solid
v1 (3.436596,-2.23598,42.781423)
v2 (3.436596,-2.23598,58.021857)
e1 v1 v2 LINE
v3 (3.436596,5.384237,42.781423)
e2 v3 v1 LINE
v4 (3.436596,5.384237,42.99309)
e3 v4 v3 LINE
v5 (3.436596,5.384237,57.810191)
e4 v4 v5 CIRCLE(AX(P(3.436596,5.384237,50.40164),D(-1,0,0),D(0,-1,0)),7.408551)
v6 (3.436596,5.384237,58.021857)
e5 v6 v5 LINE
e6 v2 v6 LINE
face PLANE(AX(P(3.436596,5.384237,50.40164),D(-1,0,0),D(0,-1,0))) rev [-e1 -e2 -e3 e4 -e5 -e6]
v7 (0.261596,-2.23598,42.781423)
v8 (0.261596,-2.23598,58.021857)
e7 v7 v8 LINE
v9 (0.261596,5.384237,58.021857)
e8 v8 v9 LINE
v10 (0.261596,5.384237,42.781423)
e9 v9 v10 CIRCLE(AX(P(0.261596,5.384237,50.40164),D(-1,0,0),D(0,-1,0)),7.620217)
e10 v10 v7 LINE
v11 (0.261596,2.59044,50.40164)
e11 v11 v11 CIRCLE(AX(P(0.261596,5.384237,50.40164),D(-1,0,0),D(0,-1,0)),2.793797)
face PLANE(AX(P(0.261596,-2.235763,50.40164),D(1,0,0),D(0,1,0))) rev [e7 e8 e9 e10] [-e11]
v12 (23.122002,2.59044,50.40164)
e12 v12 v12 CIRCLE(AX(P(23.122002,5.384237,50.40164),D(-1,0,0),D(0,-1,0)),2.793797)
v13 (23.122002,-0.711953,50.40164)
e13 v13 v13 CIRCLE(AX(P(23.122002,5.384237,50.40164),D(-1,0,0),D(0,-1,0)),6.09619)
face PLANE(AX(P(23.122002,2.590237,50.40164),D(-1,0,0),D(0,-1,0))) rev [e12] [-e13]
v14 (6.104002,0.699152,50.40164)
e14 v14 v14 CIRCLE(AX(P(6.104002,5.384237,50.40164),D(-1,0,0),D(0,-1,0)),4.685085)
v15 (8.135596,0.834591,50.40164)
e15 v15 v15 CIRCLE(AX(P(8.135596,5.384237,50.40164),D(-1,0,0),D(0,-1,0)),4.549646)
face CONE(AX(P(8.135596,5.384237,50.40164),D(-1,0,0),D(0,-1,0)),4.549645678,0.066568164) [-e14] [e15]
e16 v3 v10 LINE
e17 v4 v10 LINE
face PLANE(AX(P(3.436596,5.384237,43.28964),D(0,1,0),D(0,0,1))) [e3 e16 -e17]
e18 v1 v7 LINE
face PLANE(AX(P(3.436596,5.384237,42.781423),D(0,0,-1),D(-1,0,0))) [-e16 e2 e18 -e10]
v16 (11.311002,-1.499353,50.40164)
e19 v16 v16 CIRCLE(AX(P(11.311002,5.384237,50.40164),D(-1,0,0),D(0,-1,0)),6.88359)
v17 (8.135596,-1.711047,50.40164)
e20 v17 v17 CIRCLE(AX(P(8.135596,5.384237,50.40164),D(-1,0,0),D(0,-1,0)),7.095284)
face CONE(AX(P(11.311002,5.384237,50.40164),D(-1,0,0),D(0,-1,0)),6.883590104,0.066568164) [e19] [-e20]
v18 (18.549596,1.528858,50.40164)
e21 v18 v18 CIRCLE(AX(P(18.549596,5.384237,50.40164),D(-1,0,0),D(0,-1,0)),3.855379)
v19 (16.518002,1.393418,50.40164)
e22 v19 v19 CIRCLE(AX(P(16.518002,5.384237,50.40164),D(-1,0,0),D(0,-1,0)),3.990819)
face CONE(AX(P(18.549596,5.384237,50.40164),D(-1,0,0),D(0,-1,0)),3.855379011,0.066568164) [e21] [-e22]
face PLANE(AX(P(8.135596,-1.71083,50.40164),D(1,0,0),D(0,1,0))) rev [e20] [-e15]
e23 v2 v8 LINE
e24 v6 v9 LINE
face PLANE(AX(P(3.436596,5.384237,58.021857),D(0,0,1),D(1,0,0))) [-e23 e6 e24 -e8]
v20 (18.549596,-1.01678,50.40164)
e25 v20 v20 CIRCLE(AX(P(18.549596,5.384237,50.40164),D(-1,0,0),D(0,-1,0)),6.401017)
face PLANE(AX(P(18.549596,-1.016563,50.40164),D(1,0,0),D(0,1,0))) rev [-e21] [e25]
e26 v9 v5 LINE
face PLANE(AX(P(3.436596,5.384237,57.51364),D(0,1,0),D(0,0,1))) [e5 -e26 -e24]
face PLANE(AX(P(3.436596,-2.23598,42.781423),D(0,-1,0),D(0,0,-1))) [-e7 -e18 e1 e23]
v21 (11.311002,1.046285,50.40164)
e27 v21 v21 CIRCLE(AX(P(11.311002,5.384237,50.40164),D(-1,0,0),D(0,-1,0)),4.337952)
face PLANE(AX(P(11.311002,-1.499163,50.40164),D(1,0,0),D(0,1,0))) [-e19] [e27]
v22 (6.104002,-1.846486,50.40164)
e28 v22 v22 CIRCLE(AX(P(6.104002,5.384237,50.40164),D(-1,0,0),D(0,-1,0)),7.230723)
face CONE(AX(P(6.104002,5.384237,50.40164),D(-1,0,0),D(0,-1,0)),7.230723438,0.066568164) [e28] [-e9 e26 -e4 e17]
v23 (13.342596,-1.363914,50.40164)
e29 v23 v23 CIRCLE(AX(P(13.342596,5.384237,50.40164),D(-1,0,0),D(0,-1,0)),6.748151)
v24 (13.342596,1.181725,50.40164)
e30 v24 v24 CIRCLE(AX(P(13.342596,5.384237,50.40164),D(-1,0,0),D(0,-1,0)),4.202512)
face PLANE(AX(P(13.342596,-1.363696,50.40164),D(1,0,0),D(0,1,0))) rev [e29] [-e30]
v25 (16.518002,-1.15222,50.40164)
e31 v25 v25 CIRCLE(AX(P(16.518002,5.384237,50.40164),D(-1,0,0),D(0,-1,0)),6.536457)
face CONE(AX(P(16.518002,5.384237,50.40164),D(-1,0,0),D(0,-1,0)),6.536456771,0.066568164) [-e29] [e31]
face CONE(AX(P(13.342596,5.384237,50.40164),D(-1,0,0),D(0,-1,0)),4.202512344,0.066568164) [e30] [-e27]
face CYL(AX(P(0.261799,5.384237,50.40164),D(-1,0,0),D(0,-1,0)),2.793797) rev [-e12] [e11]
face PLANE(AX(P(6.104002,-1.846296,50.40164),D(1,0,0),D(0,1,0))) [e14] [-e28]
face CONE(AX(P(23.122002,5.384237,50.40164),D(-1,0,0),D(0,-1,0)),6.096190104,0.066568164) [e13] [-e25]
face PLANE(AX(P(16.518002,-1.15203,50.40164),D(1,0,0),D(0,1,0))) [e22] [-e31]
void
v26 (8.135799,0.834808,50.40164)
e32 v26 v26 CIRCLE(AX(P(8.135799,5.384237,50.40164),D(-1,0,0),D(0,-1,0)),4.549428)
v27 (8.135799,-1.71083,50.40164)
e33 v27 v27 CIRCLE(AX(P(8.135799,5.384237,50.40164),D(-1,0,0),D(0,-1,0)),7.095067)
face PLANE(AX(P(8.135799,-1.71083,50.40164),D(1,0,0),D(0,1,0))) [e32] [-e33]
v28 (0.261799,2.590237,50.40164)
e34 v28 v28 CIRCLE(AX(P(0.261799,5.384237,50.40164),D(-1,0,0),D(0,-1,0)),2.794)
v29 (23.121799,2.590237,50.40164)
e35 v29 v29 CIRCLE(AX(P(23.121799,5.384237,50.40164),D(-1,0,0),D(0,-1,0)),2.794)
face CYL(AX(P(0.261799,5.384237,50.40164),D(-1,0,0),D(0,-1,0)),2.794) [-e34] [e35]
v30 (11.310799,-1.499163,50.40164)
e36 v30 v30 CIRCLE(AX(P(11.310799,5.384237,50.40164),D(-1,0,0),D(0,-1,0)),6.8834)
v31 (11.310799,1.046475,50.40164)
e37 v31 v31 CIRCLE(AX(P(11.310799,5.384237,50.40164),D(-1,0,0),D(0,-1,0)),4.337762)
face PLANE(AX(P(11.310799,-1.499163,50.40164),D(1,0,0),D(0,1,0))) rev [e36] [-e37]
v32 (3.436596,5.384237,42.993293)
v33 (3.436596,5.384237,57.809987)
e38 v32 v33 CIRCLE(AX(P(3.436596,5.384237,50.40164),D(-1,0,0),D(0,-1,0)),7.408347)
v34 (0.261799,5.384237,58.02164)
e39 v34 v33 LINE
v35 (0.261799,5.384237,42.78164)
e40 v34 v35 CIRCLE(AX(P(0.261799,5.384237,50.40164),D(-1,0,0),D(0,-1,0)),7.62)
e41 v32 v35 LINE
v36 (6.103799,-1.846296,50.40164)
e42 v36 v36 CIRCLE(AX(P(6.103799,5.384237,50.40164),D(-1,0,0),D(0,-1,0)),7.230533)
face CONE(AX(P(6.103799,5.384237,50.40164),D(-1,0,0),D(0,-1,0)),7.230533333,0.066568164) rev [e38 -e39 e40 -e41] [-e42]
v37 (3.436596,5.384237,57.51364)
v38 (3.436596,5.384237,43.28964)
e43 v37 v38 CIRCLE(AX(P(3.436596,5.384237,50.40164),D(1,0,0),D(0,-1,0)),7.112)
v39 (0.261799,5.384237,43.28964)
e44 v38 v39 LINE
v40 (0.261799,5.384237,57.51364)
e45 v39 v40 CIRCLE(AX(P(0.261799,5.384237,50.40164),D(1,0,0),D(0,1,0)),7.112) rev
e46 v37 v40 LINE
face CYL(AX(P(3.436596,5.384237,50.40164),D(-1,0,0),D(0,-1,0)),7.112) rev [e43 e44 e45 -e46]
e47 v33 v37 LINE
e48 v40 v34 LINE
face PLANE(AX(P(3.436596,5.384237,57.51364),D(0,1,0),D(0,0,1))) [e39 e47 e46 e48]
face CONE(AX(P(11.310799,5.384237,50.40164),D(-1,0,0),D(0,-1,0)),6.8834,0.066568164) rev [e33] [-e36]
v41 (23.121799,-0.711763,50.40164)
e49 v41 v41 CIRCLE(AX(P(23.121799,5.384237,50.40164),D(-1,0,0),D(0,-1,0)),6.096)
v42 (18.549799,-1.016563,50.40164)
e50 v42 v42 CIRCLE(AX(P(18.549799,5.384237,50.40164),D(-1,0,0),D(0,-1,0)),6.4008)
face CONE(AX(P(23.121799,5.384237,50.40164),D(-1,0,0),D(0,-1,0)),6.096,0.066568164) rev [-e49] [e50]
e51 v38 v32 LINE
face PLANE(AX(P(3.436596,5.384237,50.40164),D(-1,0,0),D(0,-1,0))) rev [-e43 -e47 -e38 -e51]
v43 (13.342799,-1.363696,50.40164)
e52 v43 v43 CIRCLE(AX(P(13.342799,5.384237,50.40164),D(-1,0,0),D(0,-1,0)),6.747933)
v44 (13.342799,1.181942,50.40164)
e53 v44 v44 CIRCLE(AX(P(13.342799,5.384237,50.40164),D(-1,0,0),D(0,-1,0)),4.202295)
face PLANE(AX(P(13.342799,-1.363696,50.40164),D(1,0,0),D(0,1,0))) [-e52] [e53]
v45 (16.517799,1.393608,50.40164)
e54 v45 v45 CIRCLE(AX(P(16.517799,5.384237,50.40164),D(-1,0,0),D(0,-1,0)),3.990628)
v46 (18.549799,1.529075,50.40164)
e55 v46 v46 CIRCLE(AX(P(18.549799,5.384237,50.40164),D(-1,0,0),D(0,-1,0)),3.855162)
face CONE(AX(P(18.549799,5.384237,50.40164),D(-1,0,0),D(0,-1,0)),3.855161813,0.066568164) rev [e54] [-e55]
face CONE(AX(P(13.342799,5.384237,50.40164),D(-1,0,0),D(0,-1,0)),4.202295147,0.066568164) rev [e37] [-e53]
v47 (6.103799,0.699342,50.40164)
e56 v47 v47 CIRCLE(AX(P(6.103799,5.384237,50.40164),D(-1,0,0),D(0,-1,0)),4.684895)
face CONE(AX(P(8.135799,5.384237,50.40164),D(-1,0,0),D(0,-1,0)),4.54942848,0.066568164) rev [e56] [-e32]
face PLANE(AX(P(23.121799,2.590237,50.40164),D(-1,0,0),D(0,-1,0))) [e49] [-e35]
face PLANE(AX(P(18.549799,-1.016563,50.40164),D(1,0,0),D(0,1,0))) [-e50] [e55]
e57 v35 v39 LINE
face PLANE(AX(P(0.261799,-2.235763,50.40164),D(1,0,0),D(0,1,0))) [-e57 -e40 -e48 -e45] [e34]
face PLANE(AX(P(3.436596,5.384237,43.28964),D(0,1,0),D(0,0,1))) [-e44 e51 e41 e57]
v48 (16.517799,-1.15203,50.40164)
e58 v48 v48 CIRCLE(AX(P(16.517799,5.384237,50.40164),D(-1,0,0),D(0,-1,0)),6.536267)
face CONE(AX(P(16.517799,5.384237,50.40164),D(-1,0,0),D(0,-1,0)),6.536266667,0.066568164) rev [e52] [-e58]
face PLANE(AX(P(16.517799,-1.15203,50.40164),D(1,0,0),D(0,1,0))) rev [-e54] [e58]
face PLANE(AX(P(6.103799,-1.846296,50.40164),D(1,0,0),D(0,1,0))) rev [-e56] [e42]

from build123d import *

# Parameters (mm, degrees)
EXTRUDE2_DEPTH = 3.175


with BuildPart() as part:
    # Sketch2 → Revolve-Thin2 (revolve)
    with BuildSketch(Plane(origin=(54.9, 0, 50.401640227), x_dir=(-1, 0, 0), z_dir=(0, 0, -1))):
        Polygon((46.764200866, -1.710829687), (46.764200866, 0.8348085), (48.796200866, 0.699341833), (48.796200866, -1.846296354), (54.638200866, -2.23576302), (54.638200866, 2.59023698), (31.778200866, 2.59023698), (31.778200866, -0.71176302), (36.350200866, -1.01656302), (36.350200866, 1.529075166), (38.382200866, 1.3936085), (38.382200866, -1.152029687), (41.557200866, -1.363696354), (41.557200866, 1.181941833), (43.589200866, 1.046475166), (43.589200866, -1.49916302), align=None)
        Polygon((46.763997666, -1.710612489), (46.763997666, 0.835025698), (48.796404066, 0.699531938), (48.796404066, -1.846106249), (54.637997666, -2.235545823), (54.637997666, 2.59003378), (31.778404066, 2.59003378), (31.778404066, -0.711572916), (36.349997666, -1.016345823), (36.349997666, 1.529292364), (38.382404066, 1.393798604), (38.382404066, -1.151839583), (41.556997666, -1.363479156), (41.556997666, 1.182159031), (43.589404066, 1.046665271), (43.589404066, -1.498972916), align=None, mode=Mode.SUBTRACT)
    revolve(axis=Axis((0.261799134, 5.38423698, 50.401640227), (1, 0, 0)))

    # Sketch4 → Extrude2 (add)
    with BuildSketch(Plane.ZY.offset(-0.261595934)):
        with BuildLine():
            Line((42.781423057, 5.38423698), (42.781423057, -2.23598019))
            Line((42.781423057, -2.23598019), (58.021857397, -2.23598019))
            Line((58.021857397, -2.23598019), (58.021857397, 5.38423698))
            Line((58.021857397, 5.38423698), (57.513640227, 5.38423698))
            ThreePointArc((57.513640227, 5.38423698), (50.401640227, -1.72776302), (43.289640227, 5.38423698))
            Line((43.289640227, 5.38423698), (42.781423057, 5.38423698))
        make_face()
    extrude(amount=-EXTRUDE2_DEPTH)


solid = part.part
